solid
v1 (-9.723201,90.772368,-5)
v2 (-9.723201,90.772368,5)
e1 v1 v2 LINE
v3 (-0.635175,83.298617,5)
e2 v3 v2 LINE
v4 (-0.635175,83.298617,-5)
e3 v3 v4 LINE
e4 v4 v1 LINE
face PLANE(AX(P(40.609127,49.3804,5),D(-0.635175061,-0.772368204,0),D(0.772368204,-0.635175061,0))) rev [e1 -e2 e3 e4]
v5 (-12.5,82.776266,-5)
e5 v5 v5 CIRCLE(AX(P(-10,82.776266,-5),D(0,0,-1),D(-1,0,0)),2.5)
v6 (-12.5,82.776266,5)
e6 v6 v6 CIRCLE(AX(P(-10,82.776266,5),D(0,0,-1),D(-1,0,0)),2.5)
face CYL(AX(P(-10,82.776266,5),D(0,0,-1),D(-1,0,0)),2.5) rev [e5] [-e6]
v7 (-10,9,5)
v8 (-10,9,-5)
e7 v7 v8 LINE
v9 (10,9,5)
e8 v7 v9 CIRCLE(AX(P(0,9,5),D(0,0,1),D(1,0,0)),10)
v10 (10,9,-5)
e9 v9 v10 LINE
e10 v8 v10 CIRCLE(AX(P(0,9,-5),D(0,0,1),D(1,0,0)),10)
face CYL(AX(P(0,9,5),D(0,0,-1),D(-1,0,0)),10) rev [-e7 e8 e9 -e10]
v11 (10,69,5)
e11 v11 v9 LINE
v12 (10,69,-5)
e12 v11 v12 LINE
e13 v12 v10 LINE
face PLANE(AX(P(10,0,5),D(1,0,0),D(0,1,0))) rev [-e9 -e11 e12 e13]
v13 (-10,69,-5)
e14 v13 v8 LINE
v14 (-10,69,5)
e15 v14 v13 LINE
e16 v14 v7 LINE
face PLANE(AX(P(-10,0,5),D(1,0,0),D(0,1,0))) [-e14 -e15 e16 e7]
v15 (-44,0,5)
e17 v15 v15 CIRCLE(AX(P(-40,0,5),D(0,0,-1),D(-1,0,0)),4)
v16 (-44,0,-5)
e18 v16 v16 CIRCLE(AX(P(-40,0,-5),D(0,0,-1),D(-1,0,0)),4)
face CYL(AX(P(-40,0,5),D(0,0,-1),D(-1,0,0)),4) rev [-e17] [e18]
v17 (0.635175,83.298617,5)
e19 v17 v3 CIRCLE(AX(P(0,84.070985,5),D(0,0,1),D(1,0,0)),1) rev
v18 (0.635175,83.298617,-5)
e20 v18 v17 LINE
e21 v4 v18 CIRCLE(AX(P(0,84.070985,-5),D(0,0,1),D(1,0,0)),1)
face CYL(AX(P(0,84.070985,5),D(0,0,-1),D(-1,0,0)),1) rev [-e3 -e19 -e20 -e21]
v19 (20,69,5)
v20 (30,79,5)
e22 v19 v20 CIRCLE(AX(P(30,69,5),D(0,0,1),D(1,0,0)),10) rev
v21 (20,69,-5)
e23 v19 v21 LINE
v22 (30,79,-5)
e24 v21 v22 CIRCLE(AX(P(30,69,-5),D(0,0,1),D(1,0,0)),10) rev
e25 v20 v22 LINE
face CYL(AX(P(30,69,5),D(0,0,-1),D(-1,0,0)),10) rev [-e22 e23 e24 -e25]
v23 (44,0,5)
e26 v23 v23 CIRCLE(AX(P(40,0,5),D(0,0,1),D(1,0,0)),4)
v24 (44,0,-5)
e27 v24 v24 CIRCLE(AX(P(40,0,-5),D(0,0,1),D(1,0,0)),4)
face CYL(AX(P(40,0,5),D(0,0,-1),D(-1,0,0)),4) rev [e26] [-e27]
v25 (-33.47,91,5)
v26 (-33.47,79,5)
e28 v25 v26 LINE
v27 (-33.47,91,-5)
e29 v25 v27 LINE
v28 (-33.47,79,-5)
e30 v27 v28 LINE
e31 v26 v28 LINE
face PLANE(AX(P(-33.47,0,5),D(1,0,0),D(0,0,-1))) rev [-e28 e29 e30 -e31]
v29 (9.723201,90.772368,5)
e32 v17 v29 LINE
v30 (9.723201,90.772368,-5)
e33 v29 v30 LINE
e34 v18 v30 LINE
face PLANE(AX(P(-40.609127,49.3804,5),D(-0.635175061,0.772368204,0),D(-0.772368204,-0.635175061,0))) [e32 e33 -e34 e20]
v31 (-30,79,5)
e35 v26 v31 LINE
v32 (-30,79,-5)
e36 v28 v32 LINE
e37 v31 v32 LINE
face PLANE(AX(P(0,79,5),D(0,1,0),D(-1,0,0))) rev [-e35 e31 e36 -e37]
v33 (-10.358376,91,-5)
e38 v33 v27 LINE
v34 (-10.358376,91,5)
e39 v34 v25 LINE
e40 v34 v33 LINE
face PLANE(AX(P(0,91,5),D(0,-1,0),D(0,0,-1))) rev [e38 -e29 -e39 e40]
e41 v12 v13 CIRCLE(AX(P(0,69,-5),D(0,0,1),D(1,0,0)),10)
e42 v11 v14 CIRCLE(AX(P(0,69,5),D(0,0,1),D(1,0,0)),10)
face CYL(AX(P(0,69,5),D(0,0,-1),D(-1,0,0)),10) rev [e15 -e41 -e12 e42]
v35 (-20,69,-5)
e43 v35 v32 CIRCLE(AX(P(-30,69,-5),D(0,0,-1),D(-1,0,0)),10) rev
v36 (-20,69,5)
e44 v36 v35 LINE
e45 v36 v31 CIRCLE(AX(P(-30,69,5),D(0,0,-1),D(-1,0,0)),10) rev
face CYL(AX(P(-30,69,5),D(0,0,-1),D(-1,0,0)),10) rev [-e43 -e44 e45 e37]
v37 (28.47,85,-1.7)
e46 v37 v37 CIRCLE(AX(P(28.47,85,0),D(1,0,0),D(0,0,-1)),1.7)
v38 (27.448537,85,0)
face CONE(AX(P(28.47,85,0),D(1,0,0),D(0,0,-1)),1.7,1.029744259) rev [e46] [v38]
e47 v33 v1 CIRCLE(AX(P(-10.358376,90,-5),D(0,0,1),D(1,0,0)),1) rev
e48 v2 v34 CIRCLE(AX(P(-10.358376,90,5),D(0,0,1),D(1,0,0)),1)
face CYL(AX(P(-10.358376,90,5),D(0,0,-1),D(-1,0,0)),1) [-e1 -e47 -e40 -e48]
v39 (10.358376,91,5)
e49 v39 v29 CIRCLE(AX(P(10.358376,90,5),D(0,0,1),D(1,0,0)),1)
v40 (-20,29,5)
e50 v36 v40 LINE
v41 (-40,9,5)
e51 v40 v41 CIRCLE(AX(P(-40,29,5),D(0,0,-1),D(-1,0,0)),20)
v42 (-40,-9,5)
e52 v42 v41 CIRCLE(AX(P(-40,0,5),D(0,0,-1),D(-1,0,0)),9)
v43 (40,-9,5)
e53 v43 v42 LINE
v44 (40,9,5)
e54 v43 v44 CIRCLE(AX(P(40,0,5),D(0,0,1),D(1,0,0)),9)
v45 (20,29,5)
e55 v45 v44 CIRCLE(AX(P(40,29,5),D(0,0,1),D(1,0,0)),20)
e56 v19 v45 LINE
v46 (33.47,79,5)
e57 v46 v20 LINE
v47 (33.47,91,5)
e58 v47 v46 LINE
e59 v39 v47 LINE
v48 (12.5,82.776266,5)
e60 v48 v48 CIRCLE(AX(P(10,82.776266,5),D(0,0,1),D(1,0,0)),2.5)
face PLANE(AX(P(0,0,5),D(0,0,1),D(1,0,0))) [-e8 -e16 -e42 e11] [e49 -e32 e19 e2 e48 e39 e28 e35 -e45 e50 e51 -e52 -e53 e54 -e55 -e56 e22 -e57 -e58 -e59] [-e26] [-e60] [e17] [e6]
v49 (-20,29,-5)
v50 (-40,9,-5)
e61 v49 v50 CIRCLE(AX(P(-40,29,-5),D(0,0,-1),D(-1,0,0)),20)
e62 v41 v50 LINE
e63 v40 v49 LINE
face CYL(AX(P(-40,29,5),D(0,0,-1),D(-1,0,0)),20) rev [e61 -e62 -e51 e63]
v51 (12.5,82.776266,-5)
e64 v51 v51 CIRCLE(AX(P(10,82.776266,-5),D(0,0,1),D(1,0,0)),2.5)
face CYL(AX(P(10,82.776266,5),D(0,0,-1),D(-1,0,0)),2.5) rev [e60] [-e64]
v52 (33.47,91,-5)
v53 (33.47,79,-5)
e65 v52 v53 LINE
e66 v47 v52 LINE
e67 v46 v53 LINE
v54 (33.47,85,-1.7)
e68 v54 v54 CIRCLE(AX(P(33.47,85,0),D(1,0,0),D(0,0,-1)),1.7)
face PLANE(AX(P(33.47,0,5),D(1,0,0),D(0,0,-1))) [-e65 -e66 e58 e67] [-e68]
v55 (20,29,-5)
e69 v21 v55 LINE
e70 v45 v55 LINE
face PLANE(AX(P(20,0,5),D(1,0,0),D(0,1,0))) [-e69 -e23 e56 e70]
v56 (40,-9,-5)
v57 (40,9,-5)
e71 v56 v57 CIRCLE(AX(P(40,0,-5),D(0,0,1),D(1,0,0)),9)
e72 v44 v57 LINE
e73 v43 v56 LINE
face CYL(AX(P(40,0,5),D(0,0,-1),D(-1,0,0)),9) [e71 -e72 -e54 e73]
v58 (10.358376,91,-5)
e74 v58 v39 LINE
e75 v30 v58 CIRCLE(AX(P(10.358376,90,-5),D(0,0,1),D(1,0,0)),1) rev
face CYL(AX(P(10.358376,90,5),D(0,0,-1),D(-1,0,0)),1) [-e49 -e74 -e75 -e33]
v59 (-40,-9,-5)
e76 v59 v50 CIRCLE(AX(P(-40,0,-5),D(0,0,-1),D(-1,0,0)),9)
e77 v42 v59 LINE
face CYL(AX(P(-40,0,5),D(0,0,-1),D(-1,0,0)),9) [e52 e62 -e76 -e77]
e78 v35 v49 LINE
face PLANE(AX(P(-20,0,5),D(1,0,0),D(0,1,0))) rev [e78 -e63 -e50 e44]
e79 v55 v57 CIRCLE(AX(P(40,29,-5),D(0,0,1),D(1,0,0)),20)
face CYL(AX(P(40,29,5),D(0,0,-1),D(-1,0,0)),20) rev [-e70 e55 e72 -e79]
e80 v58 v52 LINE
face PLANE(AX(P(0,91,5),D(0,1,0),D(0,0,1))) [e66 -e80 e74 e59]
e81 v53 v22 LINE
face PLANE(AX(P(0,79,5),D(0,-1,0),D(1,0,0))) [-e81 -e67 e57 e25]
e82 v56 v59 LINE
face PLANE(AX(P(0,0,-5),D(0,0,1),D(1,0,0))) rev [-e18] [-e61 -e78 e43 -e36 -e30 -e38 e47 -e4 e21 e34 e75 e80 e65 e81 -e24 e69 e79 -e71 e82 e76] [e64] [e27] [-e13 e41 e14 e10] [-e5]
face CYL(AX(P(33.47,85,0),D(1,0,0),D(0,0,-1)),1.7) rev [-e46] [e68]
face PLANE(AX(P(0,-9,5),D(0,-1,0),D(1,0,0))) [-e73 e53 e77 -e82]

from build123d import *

# Parameters (mm, degrees)
SKETCH1_R                = 2.5
SKETCH1_R_2              = 4
BOSS_EXTRUDE1_DEPTH      = 5
FILLET1_R                = 1
M3_CLEARANCE_HOLE1_D     = 3.4
M3_CLEARANCE_HOLE1_DEPTH = 5
M3_CLEARANCE_HOLE1_TIP   = 1.021463052


with BuildPart() as part:
    # Sketch1 → Boss-Extrude1 (new, symmetric)
    with BuildSketch(Plane.XY):
        with BuildLine():
            ThreePointArc((10, 9), (7.071067812, 1.928932188), (0, -1))
            Line((0, -1), (0, -9))
            Line((0, -9), (40, -9))
            ThreePointArc((40, -9), (49, 0), (40, 9))
            ThreePointArc((40, 9), (25.857864376, 14.857864376), (20, 29))
            Line((20, 29), (20, 69))
            ThreePointArc((20, 69), (22.928932188, 76.071067812), (30, 79))
            Line((30, 79), (33.47, 79))
            Line((33.47, 79), (33.47, 91))
            Line((33.47, 91), (10, 91))
            Line((10, 91), (0, 82.776266062))
            Line((0, 82.776266062), (0, 79))
            ThreePointArc((0, 79), (7.071067812, 76.071067812), (10, 69))
            Line((10, 69), (10, 9))
        make_face()
        with Locations((10, 82.776266062)):
            Circle(SKETCH1_R, mode=Mode.SUBTRACT)
        with Locations((40, 0)):
            Circle(SKETCH1_R_2, mode=Mode.SUBTRACT)
    boss_extrude1 = extrude(amount=BOSS_EXTRUDE1_DEPTH, both=True)

    # Mirror1: Boss-Extrude1 across plane
    add(boss_extrude1.mirror(Plane(origin=(0, 0, 5), x_dir=(0, 0, 1), z_dir=(-1, 0, 0))))

    # Fillet1
    fillet1_edges = [part.edges().sort_by_distance(p)[0] for p in [
        (0, 82.776266062, 0),
        (10, 91, 0),
        (-10, 91, 0),
    ]]
    fillet(fillet1_edges, radius=FILLET1_R)

    # M3 Clearance Hole1
    with Locations(Plane(origin=(33.47, 0, 0), x_dir=(0, 0, -1), z_dir=(1, 0, 0))):
        with Locations((0, 85)):
            Hole(M3_CLEARANCE_HOLE1_D / 2, depth=M3_CLEARANCE_HOLE1_DEPTH)
            with Locations((0, 0, -(M3_CLEARANCE_HOLE1_DEPTH + M3_CLEARANCE_HOLE1_TIP / 2))):  # 118° drill point
                Cone(0, M3_CLEARANCE_HOLE1_D / 2, M3_CLEARANCE_HOLE1_TIP, mode=Mode.SUBTRACT)


solid = part.part
